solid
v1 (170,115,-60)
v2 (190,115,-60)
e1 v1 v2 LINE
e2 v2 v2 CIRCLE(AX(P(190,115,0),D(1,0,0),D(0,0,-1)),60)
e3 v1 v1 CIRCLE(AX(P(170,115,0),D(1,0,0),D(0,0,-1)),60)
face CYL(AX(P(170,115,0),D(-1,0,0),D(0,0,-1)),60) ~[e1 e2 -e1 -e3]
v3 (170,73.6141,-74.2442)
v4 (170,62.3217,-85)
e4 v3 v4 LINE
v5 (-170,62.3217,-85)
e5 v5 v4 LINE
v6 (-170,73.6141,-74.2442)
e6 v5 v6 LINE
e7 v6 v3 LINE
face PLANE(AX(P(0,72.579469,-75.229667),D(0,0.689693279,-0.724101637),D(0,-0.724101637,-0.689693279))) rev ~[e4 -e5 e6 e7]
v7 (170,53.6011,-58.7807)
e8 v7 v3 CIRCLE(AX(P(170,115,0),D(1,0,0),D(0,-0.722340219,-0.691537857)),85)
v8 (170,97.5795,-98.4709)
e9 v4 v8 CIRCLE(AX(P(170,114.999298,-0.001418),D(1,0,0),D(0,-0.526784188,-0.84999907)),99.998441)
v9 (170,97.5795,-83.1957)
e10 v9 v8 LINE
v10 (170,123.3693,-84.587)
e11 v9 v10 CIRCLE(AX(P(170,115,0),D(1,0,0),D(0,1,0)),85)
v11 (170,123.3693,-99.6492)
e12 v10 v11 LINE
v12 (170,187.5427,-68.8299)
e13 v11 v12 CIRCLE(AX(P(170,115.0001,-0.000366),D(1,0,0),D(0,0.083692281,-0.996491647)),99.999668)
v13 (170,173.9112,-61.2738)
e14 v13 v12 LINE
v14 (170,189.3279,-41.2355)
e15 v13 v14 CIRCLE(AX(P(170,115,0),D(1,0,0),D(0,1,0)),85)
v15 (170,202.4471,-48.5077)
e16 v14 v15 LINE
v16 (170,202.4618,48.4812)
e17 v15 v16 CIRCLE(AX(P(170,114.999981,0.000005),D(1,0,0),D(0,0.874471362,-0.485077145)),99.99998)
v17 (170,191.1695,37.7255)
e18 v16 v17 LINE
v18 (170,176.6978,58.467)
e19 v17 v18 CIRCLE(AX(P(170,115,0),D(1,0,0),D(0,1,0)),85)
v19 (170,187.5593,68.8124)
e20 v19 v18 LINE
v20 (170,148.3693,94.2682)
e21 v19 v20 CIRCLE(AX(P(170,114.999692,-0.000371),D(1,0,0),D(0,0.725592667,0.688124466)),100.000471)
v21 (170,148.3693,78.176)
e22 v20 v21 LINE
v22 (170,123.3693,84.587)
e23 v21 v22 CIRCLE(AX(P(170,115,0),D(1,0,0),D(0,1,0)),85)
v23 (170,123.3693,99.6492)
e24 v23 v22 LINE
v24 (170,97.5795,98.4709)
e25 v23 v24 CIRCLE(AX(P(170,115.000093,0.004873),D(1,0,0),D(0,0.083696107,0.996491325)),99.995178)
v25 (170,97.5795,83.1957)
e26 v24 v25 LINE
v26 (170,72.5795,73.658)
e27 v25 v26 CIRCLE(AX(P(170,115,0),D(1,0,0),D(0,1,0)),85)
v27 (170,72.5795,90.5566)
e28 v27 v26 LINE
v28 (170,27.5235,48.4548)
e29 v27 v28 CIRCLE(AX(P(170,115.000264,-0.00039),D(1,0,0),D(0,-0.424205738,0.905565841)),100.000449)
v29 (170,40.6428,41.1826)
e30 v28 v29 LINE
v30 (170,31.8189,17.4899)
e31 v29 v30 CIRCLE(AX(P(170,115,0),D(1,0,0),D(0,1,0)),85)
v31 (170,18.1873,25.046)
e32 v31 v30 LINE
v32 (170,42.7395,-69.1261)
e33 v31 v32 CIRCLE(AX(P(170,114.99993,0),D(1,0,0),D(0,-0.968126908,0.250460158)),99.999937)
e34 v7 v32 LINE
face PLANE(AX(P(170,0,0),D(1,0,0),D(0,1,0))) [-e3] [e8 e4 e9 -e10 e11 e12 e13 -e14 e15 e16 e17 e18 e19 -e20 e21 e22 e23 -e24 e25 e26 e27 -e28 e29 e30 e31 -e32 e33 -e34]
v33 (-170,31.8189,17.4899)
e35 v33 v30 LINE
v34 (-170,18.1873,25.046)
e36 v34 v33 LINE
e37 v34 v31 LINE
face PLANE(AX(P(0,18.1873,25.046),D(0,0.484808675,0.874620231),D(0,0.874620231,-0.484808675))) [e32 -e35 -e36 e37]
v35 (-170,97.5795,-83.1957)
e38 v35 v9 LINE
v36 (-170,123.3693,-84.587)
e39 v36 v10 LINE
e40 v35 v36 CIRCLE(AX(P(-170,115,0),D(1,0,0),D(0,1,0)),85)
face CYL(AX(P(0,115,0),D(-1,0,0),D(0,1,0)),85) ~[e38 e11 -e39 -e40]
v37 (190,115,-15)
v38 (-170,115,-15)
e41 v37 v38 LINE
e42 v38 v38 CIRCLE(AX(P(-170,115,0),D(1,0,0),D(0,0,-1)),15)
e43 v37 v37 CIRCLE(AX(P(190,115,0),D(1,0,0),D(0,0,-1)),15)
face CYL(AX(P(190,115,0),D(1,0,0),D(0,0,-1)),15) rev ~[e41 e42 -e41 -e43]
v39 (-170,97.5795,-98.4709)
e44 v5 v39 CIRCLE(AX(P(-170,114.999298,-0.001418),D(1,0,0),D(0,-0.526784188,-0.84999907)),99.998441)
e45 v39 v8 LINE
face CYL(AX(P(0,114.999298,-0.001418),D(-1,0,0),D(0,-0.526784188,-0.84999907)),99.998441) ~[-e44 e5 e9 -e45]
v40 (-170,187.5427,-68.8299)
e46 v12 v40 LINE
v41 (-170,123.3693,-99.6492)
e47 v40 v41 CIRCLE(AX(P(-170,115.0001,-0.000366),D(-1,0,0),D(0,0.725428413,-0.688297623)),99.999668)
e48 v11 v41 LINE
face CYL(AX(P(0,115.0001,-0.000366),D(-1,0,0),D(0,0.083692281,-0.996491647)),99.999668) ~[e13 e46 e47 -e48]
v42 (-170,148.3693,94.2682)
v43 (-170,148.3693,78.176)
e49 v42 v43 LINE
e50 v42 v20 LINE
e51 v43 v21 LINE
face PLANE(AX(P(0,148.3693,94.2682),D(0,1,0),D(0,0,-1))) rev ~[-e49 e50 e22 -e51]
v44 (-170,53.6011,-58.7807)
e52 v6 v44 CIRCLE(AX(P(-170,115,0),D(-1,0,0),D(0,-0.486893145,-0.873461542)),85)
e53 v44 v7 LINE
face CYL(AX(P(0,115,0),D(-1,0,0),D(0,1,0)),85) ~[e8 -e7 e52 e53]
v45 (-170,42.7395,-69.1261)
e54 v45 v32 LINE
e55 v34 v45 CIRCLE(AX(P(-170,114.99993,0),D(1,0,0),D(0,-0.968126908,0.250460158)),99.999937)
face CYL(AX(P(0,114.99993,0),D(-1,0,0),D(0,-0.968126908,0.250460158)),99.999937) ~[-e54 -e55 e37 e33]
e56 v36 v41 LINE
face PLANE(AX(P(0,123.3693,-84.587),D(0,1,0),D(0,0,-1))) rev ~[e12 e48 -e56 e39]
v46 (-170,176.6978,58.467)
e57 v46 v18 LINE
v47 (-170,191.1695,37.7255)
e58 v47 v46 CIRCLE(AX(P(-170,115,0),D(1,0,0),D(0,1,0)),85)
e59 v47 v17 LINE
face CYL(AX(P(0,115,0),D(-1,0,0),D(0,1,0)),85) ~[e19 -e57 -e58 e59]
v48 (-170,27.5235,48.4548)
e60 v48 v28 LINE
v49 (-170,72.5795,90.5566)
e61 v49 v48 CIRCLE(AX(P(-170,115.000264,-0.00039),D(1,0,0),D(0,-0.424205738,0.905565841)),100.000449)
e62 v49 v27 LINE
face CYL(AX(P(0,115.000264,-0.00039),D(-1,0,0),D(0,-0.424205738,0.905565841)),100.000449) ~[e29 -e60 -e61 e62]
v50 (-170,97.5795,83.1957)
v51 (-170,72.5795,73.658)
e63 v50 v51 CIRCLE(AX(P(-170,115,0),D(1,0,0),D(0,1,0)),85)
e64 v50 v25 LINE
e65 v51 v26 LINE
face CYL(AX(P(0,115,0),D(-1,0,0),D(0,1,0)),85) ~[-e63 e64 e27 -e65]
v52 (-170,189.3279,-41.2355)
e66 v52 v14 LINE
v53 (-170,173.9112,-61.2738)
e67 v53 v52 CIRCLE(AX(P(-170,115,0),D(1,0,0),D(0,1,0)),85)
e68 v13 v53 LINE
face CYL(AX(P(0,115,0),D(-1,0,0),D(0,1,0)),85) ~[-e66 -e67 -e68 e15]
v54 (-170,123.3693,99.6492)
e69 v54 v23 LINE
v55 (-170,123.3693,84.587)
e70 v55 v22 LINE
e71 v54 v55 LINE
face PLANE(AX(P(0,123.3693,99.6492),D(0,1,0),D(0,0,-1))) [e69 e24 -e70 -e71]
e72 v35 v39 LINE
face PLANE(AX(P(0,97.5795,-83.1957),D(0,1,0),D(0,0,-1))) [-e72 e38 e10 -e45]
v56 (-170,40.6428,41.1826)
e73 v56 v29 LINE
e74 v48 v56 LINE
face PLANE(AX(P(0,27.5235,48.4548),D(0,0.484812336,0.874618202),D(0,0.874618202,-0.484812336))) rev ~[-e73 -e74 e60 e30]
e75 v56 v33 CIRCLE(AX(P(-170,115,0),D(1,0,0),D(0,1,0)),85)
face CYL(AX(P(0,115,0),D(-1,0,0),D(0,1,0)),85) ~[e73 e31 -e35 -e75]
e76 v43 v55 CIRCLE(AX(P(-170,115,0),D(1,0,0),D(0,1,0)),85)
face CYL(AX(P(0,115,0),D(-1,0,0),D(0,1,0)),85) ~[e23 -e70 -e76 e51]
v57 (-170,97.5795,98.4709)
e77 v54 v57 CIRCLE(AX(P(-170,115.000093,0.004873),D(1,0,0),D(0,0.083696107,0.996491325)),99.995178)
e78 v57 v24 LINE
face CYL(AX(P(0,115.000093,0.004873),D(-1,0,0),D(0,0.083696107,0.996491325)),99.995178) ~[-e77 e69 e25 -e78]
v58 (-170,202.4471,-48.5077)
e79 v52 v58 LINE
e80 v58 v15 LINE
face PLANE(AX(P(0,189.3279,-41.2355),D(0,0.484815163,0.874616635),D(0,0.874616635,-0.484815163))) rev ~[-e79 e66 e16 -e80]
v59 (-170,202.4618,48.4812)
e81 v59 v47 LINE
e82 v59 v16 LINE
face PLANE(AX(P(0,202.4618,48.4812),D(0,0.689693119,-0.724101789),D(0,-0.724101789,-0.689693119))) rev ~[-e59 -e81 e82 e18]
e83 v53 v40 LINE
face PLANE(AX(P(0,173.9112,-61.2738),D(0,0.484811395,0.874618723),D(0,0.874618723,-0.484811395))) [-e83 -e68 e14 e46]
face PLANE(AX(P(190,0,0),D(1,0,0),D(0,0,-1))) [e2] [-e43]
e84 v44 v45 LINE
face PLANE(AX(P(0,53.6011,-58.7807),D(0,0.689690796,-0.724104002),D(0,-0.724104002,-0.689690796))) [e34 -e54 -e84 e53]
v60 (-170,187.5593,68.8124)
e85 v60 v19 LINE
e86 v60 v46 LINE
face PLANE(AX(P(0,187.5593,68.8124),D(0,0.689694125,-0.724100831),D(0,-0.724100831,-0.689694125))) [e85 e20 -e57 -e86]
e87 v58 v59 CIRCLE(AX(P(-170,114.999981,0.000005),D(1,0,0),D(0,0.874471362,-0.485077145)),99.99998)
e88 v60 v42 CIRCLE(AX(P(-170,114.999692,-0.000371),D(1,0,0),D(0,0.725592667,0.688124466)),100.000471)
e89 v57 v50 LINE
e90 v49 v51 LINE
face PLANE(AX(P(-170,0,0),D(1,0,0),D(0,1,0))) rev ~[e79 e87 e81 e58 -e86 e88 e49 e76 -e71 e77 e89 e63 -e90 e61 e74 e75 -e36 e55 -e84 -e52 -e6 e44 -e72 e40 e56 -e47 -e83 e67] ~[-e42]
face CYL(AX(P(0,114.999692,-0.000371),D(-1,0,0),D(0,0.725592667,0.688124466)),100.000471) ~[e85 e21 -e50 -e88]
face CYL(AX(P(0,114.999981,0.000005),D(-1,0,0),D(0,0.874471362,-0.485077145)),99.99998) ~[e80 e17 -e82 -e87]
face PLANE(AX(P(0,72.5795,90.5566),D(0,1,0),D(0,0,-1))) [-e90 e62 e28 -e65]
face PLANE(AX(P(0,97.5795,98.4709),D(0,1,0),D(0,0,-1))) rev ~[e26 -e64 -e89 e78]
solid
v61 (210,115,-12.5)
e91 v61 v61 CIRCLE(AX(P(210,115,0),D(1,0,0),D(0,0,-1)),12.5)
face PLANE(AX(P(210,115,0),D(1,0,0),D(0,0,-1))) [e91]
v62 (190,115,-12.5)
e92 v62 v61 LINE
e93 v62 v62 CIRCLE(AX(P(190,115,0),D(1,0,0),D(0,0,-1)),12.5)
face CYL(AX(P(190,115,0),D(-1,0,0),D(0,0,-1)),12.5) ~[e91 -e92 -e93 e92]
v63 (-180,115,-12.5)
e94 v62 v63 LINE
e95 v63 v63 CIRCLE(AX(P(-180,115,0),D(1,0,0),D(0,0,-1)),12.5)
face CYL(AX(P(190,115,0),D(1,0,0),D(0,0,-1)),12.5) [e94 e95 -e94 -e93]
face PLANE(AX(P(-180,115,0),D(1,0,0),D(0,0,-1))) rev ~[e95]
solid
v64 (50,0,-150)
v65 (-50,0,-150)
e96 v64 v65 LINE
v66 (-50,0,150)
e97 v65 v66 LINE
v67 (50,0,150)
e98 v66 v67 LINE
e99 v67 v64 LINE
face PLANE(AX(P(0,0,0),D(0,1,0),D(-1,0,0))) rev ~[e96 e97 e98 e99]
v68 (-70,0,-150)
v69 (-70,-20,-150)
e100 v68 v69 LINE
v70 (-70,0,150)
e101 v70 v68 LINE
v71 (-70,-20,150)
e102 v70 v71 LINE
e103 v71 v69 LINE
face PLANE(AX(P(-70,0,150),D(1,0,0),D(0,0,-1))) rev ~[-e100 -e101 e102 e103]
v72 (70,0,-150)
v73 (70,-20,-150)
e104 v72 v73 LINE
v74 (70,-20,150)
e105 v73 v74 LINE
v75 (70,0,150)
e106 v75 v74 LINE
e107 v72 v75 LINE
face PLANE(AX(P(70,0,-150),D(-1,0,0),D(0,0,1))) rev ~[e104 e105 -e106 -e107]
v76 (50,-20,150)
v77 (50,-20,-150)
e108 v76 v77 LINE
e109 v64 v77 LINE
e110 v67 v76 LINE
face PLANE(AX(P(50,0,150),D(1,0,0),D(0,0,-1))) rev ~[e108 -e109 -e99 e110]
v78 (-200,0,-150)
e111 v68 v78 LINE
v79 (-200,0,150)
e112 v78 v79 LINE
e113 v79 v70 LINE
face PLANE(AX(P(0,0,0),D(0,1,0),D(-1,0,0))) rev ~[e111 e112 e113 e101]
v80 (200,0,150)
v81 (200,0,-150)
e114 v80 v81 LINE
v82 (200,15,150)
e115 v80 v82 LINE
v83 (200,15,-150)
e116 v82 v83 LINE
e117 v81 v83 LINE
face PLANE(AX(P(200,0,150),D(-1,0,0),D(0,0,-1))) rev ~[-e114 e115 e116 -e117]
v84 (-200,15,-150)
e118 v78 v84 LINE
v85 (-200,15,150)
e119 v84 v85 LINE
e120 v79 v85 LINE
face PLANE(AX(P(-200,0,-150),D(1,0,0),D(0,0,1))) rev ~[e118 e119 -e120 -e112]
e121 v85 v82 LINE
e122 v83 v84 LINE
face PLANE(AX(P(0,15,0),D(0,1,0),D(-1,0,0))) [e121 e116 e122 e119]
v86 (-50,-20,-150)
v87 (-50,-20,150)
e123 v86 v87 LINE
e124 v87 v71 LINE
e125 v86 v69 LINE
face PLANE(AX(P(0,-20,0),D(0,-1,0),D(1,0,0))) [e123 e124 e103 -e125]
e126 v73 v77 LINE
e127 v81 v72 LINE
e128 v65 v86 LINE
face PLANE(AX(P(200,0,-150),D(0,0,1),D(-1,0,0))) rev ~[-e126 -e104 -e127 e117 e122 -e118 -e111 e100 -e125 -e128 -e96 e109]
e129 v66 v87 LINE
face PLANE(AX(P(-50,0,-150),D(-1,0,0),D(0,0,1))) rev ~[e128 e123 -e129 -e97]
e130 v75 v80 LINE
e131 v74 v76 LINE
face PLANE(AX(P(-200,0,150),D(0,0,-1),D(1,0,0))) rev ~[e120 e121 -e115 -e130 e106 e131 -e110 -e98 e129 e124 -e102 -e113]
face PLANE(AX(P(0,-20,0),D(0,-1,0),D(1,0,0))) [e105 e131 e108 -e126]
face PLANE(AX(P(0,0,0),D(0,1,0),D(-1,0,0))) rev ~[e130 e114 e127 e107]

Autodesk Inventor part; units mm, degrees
ref_plane "YZ Plane" through (0, 0, 0) normal (1, 0, 0) x (0, 1, 0)
ref_plane "XZ Plane" through (0, 0, 0) normal (0, 1, 0) x (-1, 0, 0)
ref_plane "XY Plane" through (0, 0, 0) normal (0, 0, 1) x (1, 0, 0)
sketch "Boceto1" plane through (0, 0, 0) normal (0, 1, 0) x (-1, 0, 0)
  line L0 (200, 150) -> (-200, 150)
  line L1 (-200, 150) -> (-200, -150)
  line L2 (-200, -150) -> (200, -150)
  line L3 (200, -150) -> (200, 150)
  point P0 (0, 0)
  point P1 (200, 0)
  point P2 (0, -150)
  dimension "d0" = 300
  dimension "d1" = 400
extrude "Extrusión1" add sketch "Boceto1" along normal blind 15
sketch "Boceto2" plane through (0, 0, 0) normal (1, 0, 0) x (0, 1, 0)
  line L0 (0, -150) -> (0, 150) construction
  line L1 (0, 150) -> (15, 150) construction
  line L2 (15, -150) -> (15, 150) construction
  line L3 (0, -150) -> (15, -150) construction
  circle A0 centre (115, 0) radius 85
  line L4 (187.5593, 68.8124) -> (176.6978, 58.467)
  line L5 (202.4618, 48.4812) -> (191.1695, 37.7255)
  line L6 (73.6141, -74.2442) -> (62.3217, -85)
  line L7 (27.5235, 48.4548) -> (40.6428, 41.1826)
  line L8 (189.3279, -41.2355) -> (202.4471, -48.5077)
  line L9 (123.3693, 99.6492) -> (123.3693, 84.587)
  line L10 (148.3693, 94.2682) -> (148.3693, 78.176)
  line L11 (148.3693, -78.176) -> (148.3693, -94.2682)
  line L12 (173.9112, -61.2738) -> (187.5427, -68.8299)
  line L13 (123.3693, -84.587) -> (123.3693, -99.6492)
  line L14 (97.5795, 98.4709) -> (97.5795, 83.1957)
  line L15 (72.5795, 90.5566) -> (72.5795, 73.658)
  line L16 (72.5795, -73.658) -> (72.5795, -75.2297)
  line L17 (18.1873, 25.046) -> (31.8189, 17.4899)
  line L18 (53.6011, -58.7807) -> (42.7395, -69.1261)
  line L19 (97.5795, -83.1957) -> (97.5795, -98.4709)
  arc A1 (187.5593, 68.8124) -> (148.3693, 94.2682) centre (115, 0) ccw
  arc A2 (123.3693, 99.6492) -> (97.5795, 98.4709) centre (115, 0) ccw
  arc A3 (72.5795, 90.5566) -> (27.5235, 48.4548) centre (115, 0) ccw
  arc A4 (18.1873, 25.046) -> (42.7395, -69.1261) centre (115, 0) ccw
  arc A5 (62.3217, -85) -> (97.5795, -98.4709) centre (115, 0) ccw
  arc A6 (123.3693, -99.6492) -> (187.5427, -68.8299) centre (115, 0) ccw
  arc A7 (202.4471, -48.5077) -> (202.4618, 48.4812) centre (115, 0) ccw
  point P0 (0, 0)
  point P1 (0, 0)
  dimension "d5" = 170
extrude "Extrusión2" add sketch "Boceto2" along normal mid plane 340 contours A0 | A0 L5 A7 L8 | A0 L10 A1 L4 | L12 A6 L11 A0 | L11 A6 L13 A0 | A0 L14 A2 L9 | L19 A5 L6 A0 | A0 L7 A3 L15 | A0 L18 A4 L17
sketch "Boceto3" plane through (170, 0, 0) normal (1, 0, 0) x (0, 0, -1)
  line L0 (-48.4812, 202.4618) -> (-37.7255, 191.1695) construction
  arc A0 (-37.7255, 191.1695) -> (-58.467, 176.6978) centre (0, 115) ccw construction
  line L1 (-58.467, 176.6978) -> (-68.8124, 187.5593) construction
  arc A1 (-68.8124, 187.5593) -> (-94.2682, 148.3693) centre (0, 115) ccw construction
  line L2 (-94.2682, 148.3693) -> (-78.176, 148.3693) construction
  arc A2 (-78.176, 148.3693) -> (-84.587, 123.3693) centre (0, 115) ccw construction
  line L3 (-84.587, 123.3693) -> (-99.6492, 123.3693) construction
  arc A3 (-99.6492, 123.3693) -> (-98.4709, 97.5795) centre (0, 115) ccw construction
  line L4 (-98.4709, 97.5795) -> (-83.1957, 97.5795) construction
  arc A4 (-83.1957, 97.5795) -> (-73.658, 72.5795) centre (0, 115) ccw construction
  line L5 (-73.658, 72.5795) -> (-90.5566, 72.5795) construction
  arc A5 (-90.5566, 72.5795) -> (-48.4548, 27.5235) centre (0, 115) ccw construction
  line L6 (-48.4548, 27.5235) -> (-41.1826, 40.6428) construction
  arc A6 (-41.1826, 40.6428) -> (-17.4899, 31.8189) centre (0, 115) ccw construction
  line L7 (-17.4899, 31.8189) -> (-25.046, 18.1873) construction
  arc A7 (-25.046, 18.1873) -> (0, 15) centre (0, 115) ccw construction
  arc A8 (0, 15) -> (69.1261, 42.7395) centre (0, 115) ccw construction
  line L8 (69.1261, 42.7395) -> (58.7807, 53.6011) construction
  arc A9 (58.7807, 53.6011) -> (74.2442, 73.6141) centre (0, 115) ccw construction
  line L9 (74.2442, 73.6141) -> (85, 62.3217) construction
  arc A10 (85, 62.3217) -> (98.4709, 97.5795) centre (0, 115) ccw construction
  line L10 (98.4709, 97.5795) -> (83.1957, 97.5795) construction
  arc A11 (83.1957, 97.5795) -> (84.587, 123.3693) centre (0, 115) ccw construction
  line L11 (84.587, 123.3693) -> (99.6492, 123.3693) construction
  arc A12 (99.6492, 123.3693) -> (68.8299, 187.5427) centre (0, 115) ccw construction
  line L12 (68.8299, 187.5427) -> (61.2738, 173.9112) construction
  arc A13 (61.2738, 173.9112) -> (41.2355, 189.3279) centre (0, 115) ccw construction
  line L13 (41.2355, 189.3279) -> (48.5077, 202.4471) construction
  arc A14 (48.5077, 202.4471) -> (-48.4812, 202.4618) centre (0, 115) ccw construction
  circle A15 centre (0, 115) radius 60
  line L14 (-150, 15) -> (150, 15) projected
  point P0 (0, 0)
  dimension "d14" = 120
  dimension "d15" = 100
extrude "Extrusión3" add sketch "Boceto3" along normal blind 20
sketch "Boceto4" plane through (190, 115, 0) normal (1, 0, 0) x (0, 0, -1)
  circle A0 centre (0, 0) radius 15
  circle A1 centre (0, 0) radius 60 construction
  point P0 (0, -115)
  dimension "d18" = 30
extrude "Extrusión4" cut sketch "Boceto4" against normal through all
sketch "Boceto5" plane through (190, 115, 0) normal (1, 0, 0) x (0, 0, -1)
  circle A0 centre (0, 0) radius 15 construction
  circle A1 centre (0, 0) radius 60 construction
  circle A2 centre (0, 0) radius 12.5
  point P0 (0, -115)
  dimension "d21" = 25
extrude "Extrusión5" add sketch "Boceto5" along normal blind 20 and the other way blind 370
sketch "Boceto7" plane through (0, 0, 0) normal (0, -1, 0) x (1, 0, 0)
  line L0 (200, 150) -> (200, -150) construction
  line L1 (-200, 150) -> (200, 150) construction
  line L2 (-200, -150) -> (-200, 150) construction
  line L3 (200, -150) -> (-200, -150) construction
  line L4 (-200, 150) -> (200, 150) construction
  line L5 (-50, 150) -> (50, 150) construction
  line L6 (50, 150) -> (50, -150) construction
  line L7 (50, -150) -> (-50, -150) construction
  line L8 (-50, -150) -> (-50, 150) construction
  line L9 (200, -150) -> (-200, -150) projected
  line L10 (-50, 150) -> (-70, 150)
  line L11 (-70, 150) -> (-70, -150)
  line L12 (-70, -150) -> (-50, -150)
  line L13 (-50, -150) -> (-50, 150)
  line L14 (50, -150) -> (70, -150)
  line L15 (70, -150) -> (70, 150)
  line L16 (70, 150) -> (50, 150)
  line L17 (50, 150) -> (50, -150)
  point P0 (0, 0)
  point P1 (0, -150)
  dimension "d30" = 100
  dimension "d31" = 0
  dimension "d32" = 20
  dimension "d33" = 20
extrude "Extrusión7" add sketch "Boceto7" along normal blind 20
properties part number "motor"
